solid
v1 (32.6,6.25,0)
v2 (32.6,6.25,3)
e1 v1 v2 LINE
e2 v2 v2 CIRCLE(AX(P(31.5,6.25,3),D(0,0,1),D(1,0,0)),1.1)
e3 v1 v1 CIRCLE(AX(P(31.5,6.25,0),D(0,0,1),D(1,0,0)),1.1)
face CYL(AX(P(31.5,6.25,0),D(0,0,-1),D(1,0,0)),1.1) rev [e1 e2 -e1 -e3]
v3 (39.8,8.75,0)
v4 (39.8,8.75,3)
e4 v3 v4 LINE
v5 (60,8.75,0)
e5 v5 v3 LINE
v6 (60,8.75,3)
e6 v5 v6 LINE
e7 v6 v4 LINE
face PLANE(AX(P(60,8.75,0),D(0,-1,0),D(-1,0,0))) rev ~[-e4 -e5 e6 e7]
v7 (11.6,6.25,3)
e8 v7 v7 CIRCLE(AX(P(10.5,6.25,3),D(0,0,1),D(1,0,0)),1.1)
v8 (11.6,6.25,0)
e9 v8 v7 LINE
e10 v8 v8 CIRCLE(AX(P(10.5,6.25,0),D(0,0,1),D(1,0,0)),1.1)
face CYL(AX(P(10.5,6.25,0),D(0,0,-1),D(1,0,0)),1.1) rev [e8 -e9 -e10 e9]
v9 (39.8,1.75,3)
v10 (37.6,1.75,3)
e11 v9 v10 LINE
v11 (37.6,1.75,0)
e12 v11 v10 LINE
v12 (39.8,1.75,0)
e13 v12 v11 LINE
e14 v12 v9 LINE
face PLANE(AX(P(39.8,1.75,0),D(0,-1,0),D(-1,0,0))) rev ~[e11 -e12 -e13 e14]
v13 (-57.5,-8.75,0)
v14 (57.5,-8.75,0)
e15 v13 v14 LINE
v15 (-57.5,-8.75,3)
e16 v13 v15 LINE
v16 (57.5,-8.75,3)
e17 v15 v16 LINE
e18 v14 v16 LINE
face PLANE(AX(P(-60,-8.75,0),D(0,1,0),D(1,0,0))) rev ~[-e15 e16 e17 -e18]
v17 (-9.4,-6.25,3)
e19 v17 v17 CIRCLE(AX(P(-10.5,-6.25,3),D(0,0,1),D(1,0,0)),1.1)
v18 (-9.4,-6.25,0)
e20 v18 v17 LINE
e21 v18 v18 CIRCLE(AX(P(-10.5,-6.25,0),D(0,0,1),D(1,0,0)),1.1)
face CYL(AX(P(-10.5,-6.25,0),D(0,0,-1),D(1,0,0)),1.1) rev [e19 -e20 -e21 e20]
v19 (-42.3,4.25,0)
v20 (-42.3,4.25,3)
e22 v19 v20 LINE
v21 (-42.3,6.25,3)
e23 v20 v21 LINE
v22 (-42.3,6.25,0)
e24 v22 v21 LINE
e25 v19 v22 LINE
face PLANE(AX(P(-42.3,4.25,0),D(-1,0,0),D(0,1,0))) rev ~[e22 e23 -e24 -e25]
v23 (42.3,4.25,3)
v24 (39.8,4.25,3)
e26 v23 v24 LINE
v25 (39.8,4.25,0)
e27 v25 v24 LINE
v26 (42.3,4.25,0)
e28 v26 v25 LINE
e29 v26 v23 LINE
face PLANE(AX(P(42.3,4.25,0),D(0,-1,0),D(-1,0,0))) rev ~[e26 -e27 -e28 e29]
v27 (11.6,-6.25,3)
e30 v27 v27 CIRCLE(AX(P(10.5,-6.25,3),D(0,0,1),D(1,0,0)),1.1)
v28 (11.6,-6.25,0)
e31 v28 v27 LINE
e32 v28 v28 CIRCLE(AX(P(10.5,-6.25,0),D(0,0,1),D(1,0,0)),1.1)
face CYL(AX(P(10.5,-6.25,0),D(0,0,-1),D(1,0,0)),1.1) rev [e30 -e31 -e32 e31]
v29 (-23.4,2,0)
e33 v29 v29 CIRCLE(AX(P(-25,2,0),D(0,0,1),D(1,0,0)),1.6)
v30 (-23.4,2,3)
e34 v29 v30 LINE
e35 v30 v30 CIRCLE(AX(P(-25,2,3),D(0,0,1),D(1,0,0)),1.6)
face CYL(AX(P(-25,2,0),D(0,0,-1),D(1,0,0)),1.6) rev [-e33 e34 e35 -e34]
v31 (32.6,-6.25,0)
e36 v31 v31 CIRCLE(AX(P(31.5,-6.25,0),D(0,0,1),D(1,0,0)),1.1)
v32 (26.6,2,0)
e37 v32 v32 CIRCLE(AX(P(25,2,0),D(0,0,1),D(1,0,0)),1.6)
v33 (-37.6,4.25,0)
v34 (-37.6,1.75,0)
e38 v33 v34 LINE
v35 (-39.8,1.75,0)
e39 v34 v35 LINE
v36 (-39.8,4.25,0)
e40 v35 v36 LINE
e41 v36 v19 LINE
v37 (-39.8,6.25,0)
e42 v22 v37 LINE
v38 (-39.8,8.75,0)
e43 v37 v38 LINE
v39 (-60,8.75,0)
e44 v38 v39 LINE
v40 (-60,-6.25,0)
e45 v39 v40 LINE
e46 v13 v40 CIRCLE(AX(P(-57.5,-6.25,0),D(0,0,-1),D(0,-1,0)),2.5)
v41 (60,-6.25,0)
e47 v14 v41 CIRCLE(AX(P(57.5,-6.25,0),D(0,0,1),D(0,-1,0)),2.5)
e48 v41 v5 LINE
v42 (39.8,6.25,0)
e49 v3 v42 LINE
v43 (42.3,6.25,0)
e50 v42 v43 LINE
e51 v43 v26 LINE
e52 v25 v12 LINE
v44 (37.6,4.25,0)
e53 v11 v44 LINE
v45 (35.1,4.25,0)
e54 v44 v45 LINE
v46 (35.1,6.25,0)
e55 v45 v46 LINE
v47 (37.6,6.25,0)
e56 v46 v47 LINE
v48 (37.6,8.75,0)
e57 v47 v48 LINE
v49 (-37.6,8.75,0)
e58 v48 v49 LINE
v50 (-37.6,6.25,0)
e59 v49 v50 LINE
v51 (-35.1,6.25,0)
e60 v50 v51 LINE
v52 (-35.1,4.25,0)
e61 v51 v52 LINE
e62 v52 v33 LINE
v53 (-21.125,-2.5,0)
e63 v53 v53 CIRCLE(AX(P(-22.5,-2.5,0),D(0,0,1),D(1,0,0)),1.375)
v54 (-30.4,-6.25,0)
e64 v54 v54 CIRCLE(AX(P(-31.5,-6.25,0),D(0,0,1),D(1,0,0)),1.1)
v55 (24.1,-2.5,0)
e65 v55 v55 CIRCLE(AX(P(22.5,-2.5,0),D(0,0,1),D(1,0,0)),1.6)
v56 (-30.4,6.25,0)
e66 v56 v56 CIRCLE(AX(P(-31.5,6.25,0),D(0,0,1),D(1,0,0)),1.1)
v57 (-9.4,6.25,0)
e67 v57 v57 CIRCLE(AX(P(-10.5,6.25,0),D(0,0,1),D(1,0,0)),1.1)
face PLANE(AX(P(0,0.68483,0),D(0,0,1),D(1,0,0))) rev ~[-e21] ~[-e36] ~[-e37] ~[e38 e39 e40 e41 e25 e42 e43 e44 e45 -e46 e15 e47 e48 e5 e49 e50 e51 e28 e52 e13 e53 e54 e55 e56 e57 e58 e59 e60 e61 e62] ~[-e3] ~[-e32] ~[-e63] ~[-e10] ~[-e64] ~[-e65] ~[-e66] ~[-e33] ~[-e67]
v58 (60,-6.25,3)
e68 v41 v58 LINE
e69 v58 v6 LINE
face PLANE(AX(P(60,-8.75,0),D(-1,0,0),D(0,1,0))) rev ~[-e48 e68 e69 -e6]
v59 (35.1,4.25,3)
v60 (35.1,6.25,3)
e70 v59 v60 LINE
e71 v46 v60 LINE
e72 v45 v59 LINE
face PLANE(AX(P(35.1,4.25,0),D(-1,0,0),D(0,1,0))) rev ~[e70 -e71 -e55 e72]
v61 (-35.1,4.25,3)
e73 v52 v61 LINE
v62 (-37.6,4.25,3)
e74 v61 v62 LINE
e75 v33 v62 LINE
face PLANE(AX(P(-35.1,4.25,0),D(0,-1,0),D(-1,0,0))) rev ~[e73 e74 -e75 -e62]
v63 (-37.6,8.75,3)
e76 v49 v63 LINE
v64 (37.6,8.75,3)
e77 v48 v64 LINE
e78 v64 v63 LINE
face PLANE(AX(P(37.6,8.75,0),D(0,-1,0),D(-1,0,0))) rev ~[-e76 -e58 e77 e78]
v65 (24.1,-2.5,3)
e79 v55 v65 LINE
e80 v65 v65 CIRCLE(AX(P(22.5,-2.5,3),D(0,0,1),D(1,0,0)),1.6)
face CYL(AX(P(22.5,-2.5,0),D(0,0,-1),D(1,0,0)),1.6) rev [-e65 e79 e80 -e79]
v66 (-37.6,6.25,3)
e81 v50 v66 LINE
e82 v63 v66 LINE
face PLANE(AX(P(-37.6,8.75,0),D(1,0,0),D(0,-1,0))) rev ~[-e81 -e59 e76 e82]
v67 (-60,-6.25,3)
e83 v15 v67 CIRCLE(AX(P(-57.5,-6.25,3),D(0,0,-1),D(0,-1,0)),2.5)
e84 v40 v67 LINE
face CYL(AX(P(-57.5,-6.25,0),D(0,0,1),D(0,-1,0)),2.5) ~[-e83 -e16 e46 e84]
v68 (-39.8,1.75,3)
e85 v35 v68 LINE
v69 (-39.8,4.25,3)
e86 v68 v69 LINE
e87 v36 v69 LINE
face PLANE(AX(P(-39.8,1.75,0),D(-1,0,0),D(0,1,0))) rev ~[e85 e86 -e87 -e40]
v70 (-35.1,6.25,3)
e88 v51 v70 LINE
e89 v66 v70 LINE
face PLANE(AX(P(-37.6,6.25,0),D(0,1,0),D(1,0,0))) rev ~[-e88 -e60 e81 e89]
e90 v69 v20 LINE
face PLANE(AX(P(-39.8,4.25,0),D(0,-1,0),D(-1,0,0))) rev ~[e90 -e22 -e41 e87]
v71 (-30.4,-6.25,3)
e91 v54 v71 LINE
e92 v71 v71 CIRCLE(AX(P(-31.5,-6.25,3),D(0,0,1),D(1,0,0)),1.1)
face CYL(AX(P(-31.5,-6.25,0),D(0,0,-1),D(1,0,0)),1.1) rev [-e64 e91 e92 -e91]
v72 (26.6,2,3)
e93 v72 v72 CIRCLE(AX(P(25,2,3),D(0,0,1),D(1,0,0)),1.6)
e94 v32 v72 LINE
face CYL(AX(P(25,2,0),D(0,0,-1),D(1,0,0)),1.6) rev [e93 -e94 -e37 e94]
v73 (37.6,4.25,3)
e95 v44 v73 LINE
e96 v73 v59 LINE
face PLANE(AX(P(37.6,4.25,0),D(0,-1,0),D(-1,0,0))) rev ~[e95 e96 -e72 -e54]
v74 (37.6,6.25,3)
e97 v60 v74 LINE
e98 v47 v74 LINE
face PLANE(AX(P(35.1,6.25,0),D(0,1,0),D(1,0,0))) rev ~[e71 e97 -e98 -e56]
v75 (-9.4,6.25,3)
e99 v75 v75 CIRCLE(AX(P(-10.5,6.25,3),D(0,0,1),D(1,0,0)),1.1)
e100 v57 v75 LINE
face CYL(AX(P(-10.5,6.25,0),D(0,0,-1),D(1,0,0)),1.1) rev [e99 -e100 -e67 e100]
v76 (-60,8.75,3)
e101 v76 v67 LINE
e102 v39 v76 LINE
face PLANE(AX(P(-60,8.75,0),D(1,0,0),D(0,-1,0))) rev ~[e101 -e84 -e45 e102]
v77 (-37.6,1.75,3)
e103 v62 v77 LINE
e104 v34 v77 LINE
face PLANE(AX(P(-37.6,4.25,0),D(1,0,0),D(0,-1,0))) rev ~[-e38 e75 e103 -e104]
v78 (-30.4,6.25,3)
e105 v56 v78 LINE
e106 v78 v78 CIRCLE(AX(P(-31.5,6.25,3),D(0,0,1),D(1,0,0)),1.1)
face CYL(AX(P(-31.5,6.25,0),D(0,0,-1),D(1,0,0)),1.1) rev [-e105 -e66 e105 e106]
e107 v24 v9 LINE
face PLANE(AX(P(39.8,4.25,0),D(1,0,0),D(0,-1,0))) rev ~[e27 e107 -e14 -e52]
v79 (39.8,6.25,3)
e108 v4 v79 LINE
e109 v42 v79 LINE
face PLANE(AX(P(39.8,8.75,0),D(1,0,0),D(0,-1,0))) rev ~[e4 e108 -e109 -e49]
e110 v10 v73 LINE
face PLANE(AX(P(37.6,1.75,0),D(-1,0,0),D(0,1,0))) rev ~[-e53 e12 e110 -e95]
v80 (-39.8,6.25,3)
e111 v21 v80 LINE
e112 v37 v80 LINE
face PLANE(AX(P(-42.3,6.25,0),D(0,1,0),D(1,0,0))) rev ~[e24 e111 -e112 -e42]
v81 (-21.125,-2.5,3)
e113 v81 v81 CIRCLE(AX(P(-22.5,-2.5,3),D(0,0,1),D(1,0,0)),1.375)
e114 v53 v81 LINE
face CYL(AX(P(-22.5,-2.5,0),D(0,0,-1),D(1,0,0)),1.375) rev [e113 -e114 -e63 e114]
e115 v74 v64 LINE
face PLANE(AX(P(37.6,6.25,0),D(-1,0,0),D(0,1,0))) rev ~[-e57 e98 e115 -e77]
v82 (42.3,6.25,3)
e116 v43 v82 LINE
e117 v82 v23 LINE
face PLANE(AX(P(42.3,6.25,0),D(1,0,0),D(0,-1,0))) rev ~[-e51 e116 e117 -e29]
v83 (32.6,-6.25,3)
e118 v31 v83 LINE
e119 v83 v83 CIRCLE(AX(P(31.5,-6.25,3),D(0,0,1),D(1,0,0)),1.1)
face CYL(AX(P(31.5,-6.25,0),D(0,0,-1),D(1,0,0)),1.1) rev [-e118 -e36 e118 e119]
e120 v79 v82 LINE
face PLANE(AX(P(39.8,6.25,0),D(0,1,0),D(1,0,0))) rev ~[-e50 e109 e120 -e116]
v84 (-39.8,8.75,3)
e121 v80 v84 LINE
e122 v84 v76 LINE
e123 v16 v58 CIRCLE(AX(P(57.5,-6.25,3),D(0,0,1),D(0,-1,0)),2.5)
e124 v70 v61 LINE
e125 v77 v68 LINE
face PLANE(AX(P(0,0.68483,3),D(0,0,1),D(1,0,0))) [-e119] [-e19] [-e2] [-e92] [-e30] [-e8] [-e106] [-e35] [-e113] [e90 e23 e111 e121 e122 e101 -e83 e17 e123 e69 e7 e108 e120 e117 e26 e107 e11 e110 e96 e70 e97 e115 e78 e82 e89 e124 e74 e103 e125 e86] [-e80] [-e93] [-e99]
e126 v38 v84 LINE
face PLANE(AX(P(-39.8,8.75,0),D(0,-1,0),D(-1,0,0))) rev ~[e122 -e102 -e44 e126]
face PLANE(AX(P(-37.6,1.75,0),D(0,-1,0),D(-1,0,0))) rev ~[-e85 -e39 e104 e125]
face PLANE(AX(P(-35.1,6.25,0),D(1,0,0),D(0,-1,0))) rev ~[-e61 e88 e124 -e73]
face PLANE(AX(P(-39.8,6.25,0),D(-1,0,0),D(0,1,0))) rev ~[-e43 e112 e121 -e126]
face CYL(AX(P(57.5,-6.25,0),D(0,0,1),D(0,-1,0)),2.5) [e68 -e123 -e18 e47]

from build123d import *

# Parameters (mm, degrees)
SKETCH1_R           = 1.1
SKETCH1_R_2         = 1.6
SKETCH1_R_3         = 1.375
BOSS_EXTRUDE1_DEPTH = 3
FILLET1_R           = 2.5


with BuildPart() as part:
    # Sketch1 → Boss-Extrude1 (new body)
    with BuildSketch(Plane.XY):
        Polygon((-60, -8.75), (60, -8.75), (60, 8.75), (39.8, 8.75), (39.8, 6.25), (42.3, 6.25), (42.3, 4.25), (39.8, 4.25), (39.8, 1.75), (37.6, 1.75), (37.6, 4.25), (35.1, 4.25), (35.1, 6.25), (37.6, 6.25), (37.6, 8.75), (-37.6, 8.75), (-37.6, 6.25), (-35.1, 6.25), (-35.1, 4.25), (-37.6, 4.25), (-37.6, 1.75), (-39.8, 1.75), (-39.8, 4.25), (-42.3, 4.25), (-42.3, 6.25), (-39.8, 6.25), (-39.8, 8.75), (-60, 8.75), align=None)
        with Locations((-10.5, 6.25)):
            Circle(SKETCH1_R, mode=Mode.SUBTRACT)
        with Locations((-10.5, -6.25)):
            Circle(SKETCH1_R, mode=Mode.SUBTRACT)
        with Locations((10.5, -6.25)):
            Circle(SKETCH1_R, mode=Mode.SUBTRACT)
        with Locations((10.5, 6.25)):
            Circle(SKETCH1_R, mode=Mode.SUBTRACT)
        with Locations((-31.5, 6.25)):
            Circle(SKETCH1_R, mode=Mode.SUBTRACT)
        with Locations((-31.5, -6.25)):
            Circle(SKETCH1_R, mode=Mode.SUBTRACT)
        with Locations((31.5, -6.25)):
            Circle(SKETCH1_R, mode=Mode.SUBTRACT)
        with Locations((31.5, 6.25)):
            Circle(SKETCH1_R, mode=Mode.SUBTRACT)
        with Locations((25, 2)):
            Circle(SKETCH1_R_2, mode=Mode.SUBTRACT)
        with Locations((-25, 2)):
            Circle(SKETCH1_R_2, mode=Mode.SUBTRACT)
        with Locations((22.5, -2.5)):
            Circle(SKETCH1_R_2, mode=Mode.SUBTRACT)
        with Locations((-22.5, -2.5)):
            Circle(SKETCH1_R_3, mode=Mode.SUBTRACT)
    extrude(amount=BOSS_EXTRUDE1_DEPTH)

    # Fillet1
    fillet1_edges = [part.edges().sort_by_distance(p)[0] for p in [
        (60, -8.75, 1.5),
        (-60, -8.75, 1.5),
    ]]
    fillet(fillet1_edges, radius=FILLET1_R)


solid = part.part
